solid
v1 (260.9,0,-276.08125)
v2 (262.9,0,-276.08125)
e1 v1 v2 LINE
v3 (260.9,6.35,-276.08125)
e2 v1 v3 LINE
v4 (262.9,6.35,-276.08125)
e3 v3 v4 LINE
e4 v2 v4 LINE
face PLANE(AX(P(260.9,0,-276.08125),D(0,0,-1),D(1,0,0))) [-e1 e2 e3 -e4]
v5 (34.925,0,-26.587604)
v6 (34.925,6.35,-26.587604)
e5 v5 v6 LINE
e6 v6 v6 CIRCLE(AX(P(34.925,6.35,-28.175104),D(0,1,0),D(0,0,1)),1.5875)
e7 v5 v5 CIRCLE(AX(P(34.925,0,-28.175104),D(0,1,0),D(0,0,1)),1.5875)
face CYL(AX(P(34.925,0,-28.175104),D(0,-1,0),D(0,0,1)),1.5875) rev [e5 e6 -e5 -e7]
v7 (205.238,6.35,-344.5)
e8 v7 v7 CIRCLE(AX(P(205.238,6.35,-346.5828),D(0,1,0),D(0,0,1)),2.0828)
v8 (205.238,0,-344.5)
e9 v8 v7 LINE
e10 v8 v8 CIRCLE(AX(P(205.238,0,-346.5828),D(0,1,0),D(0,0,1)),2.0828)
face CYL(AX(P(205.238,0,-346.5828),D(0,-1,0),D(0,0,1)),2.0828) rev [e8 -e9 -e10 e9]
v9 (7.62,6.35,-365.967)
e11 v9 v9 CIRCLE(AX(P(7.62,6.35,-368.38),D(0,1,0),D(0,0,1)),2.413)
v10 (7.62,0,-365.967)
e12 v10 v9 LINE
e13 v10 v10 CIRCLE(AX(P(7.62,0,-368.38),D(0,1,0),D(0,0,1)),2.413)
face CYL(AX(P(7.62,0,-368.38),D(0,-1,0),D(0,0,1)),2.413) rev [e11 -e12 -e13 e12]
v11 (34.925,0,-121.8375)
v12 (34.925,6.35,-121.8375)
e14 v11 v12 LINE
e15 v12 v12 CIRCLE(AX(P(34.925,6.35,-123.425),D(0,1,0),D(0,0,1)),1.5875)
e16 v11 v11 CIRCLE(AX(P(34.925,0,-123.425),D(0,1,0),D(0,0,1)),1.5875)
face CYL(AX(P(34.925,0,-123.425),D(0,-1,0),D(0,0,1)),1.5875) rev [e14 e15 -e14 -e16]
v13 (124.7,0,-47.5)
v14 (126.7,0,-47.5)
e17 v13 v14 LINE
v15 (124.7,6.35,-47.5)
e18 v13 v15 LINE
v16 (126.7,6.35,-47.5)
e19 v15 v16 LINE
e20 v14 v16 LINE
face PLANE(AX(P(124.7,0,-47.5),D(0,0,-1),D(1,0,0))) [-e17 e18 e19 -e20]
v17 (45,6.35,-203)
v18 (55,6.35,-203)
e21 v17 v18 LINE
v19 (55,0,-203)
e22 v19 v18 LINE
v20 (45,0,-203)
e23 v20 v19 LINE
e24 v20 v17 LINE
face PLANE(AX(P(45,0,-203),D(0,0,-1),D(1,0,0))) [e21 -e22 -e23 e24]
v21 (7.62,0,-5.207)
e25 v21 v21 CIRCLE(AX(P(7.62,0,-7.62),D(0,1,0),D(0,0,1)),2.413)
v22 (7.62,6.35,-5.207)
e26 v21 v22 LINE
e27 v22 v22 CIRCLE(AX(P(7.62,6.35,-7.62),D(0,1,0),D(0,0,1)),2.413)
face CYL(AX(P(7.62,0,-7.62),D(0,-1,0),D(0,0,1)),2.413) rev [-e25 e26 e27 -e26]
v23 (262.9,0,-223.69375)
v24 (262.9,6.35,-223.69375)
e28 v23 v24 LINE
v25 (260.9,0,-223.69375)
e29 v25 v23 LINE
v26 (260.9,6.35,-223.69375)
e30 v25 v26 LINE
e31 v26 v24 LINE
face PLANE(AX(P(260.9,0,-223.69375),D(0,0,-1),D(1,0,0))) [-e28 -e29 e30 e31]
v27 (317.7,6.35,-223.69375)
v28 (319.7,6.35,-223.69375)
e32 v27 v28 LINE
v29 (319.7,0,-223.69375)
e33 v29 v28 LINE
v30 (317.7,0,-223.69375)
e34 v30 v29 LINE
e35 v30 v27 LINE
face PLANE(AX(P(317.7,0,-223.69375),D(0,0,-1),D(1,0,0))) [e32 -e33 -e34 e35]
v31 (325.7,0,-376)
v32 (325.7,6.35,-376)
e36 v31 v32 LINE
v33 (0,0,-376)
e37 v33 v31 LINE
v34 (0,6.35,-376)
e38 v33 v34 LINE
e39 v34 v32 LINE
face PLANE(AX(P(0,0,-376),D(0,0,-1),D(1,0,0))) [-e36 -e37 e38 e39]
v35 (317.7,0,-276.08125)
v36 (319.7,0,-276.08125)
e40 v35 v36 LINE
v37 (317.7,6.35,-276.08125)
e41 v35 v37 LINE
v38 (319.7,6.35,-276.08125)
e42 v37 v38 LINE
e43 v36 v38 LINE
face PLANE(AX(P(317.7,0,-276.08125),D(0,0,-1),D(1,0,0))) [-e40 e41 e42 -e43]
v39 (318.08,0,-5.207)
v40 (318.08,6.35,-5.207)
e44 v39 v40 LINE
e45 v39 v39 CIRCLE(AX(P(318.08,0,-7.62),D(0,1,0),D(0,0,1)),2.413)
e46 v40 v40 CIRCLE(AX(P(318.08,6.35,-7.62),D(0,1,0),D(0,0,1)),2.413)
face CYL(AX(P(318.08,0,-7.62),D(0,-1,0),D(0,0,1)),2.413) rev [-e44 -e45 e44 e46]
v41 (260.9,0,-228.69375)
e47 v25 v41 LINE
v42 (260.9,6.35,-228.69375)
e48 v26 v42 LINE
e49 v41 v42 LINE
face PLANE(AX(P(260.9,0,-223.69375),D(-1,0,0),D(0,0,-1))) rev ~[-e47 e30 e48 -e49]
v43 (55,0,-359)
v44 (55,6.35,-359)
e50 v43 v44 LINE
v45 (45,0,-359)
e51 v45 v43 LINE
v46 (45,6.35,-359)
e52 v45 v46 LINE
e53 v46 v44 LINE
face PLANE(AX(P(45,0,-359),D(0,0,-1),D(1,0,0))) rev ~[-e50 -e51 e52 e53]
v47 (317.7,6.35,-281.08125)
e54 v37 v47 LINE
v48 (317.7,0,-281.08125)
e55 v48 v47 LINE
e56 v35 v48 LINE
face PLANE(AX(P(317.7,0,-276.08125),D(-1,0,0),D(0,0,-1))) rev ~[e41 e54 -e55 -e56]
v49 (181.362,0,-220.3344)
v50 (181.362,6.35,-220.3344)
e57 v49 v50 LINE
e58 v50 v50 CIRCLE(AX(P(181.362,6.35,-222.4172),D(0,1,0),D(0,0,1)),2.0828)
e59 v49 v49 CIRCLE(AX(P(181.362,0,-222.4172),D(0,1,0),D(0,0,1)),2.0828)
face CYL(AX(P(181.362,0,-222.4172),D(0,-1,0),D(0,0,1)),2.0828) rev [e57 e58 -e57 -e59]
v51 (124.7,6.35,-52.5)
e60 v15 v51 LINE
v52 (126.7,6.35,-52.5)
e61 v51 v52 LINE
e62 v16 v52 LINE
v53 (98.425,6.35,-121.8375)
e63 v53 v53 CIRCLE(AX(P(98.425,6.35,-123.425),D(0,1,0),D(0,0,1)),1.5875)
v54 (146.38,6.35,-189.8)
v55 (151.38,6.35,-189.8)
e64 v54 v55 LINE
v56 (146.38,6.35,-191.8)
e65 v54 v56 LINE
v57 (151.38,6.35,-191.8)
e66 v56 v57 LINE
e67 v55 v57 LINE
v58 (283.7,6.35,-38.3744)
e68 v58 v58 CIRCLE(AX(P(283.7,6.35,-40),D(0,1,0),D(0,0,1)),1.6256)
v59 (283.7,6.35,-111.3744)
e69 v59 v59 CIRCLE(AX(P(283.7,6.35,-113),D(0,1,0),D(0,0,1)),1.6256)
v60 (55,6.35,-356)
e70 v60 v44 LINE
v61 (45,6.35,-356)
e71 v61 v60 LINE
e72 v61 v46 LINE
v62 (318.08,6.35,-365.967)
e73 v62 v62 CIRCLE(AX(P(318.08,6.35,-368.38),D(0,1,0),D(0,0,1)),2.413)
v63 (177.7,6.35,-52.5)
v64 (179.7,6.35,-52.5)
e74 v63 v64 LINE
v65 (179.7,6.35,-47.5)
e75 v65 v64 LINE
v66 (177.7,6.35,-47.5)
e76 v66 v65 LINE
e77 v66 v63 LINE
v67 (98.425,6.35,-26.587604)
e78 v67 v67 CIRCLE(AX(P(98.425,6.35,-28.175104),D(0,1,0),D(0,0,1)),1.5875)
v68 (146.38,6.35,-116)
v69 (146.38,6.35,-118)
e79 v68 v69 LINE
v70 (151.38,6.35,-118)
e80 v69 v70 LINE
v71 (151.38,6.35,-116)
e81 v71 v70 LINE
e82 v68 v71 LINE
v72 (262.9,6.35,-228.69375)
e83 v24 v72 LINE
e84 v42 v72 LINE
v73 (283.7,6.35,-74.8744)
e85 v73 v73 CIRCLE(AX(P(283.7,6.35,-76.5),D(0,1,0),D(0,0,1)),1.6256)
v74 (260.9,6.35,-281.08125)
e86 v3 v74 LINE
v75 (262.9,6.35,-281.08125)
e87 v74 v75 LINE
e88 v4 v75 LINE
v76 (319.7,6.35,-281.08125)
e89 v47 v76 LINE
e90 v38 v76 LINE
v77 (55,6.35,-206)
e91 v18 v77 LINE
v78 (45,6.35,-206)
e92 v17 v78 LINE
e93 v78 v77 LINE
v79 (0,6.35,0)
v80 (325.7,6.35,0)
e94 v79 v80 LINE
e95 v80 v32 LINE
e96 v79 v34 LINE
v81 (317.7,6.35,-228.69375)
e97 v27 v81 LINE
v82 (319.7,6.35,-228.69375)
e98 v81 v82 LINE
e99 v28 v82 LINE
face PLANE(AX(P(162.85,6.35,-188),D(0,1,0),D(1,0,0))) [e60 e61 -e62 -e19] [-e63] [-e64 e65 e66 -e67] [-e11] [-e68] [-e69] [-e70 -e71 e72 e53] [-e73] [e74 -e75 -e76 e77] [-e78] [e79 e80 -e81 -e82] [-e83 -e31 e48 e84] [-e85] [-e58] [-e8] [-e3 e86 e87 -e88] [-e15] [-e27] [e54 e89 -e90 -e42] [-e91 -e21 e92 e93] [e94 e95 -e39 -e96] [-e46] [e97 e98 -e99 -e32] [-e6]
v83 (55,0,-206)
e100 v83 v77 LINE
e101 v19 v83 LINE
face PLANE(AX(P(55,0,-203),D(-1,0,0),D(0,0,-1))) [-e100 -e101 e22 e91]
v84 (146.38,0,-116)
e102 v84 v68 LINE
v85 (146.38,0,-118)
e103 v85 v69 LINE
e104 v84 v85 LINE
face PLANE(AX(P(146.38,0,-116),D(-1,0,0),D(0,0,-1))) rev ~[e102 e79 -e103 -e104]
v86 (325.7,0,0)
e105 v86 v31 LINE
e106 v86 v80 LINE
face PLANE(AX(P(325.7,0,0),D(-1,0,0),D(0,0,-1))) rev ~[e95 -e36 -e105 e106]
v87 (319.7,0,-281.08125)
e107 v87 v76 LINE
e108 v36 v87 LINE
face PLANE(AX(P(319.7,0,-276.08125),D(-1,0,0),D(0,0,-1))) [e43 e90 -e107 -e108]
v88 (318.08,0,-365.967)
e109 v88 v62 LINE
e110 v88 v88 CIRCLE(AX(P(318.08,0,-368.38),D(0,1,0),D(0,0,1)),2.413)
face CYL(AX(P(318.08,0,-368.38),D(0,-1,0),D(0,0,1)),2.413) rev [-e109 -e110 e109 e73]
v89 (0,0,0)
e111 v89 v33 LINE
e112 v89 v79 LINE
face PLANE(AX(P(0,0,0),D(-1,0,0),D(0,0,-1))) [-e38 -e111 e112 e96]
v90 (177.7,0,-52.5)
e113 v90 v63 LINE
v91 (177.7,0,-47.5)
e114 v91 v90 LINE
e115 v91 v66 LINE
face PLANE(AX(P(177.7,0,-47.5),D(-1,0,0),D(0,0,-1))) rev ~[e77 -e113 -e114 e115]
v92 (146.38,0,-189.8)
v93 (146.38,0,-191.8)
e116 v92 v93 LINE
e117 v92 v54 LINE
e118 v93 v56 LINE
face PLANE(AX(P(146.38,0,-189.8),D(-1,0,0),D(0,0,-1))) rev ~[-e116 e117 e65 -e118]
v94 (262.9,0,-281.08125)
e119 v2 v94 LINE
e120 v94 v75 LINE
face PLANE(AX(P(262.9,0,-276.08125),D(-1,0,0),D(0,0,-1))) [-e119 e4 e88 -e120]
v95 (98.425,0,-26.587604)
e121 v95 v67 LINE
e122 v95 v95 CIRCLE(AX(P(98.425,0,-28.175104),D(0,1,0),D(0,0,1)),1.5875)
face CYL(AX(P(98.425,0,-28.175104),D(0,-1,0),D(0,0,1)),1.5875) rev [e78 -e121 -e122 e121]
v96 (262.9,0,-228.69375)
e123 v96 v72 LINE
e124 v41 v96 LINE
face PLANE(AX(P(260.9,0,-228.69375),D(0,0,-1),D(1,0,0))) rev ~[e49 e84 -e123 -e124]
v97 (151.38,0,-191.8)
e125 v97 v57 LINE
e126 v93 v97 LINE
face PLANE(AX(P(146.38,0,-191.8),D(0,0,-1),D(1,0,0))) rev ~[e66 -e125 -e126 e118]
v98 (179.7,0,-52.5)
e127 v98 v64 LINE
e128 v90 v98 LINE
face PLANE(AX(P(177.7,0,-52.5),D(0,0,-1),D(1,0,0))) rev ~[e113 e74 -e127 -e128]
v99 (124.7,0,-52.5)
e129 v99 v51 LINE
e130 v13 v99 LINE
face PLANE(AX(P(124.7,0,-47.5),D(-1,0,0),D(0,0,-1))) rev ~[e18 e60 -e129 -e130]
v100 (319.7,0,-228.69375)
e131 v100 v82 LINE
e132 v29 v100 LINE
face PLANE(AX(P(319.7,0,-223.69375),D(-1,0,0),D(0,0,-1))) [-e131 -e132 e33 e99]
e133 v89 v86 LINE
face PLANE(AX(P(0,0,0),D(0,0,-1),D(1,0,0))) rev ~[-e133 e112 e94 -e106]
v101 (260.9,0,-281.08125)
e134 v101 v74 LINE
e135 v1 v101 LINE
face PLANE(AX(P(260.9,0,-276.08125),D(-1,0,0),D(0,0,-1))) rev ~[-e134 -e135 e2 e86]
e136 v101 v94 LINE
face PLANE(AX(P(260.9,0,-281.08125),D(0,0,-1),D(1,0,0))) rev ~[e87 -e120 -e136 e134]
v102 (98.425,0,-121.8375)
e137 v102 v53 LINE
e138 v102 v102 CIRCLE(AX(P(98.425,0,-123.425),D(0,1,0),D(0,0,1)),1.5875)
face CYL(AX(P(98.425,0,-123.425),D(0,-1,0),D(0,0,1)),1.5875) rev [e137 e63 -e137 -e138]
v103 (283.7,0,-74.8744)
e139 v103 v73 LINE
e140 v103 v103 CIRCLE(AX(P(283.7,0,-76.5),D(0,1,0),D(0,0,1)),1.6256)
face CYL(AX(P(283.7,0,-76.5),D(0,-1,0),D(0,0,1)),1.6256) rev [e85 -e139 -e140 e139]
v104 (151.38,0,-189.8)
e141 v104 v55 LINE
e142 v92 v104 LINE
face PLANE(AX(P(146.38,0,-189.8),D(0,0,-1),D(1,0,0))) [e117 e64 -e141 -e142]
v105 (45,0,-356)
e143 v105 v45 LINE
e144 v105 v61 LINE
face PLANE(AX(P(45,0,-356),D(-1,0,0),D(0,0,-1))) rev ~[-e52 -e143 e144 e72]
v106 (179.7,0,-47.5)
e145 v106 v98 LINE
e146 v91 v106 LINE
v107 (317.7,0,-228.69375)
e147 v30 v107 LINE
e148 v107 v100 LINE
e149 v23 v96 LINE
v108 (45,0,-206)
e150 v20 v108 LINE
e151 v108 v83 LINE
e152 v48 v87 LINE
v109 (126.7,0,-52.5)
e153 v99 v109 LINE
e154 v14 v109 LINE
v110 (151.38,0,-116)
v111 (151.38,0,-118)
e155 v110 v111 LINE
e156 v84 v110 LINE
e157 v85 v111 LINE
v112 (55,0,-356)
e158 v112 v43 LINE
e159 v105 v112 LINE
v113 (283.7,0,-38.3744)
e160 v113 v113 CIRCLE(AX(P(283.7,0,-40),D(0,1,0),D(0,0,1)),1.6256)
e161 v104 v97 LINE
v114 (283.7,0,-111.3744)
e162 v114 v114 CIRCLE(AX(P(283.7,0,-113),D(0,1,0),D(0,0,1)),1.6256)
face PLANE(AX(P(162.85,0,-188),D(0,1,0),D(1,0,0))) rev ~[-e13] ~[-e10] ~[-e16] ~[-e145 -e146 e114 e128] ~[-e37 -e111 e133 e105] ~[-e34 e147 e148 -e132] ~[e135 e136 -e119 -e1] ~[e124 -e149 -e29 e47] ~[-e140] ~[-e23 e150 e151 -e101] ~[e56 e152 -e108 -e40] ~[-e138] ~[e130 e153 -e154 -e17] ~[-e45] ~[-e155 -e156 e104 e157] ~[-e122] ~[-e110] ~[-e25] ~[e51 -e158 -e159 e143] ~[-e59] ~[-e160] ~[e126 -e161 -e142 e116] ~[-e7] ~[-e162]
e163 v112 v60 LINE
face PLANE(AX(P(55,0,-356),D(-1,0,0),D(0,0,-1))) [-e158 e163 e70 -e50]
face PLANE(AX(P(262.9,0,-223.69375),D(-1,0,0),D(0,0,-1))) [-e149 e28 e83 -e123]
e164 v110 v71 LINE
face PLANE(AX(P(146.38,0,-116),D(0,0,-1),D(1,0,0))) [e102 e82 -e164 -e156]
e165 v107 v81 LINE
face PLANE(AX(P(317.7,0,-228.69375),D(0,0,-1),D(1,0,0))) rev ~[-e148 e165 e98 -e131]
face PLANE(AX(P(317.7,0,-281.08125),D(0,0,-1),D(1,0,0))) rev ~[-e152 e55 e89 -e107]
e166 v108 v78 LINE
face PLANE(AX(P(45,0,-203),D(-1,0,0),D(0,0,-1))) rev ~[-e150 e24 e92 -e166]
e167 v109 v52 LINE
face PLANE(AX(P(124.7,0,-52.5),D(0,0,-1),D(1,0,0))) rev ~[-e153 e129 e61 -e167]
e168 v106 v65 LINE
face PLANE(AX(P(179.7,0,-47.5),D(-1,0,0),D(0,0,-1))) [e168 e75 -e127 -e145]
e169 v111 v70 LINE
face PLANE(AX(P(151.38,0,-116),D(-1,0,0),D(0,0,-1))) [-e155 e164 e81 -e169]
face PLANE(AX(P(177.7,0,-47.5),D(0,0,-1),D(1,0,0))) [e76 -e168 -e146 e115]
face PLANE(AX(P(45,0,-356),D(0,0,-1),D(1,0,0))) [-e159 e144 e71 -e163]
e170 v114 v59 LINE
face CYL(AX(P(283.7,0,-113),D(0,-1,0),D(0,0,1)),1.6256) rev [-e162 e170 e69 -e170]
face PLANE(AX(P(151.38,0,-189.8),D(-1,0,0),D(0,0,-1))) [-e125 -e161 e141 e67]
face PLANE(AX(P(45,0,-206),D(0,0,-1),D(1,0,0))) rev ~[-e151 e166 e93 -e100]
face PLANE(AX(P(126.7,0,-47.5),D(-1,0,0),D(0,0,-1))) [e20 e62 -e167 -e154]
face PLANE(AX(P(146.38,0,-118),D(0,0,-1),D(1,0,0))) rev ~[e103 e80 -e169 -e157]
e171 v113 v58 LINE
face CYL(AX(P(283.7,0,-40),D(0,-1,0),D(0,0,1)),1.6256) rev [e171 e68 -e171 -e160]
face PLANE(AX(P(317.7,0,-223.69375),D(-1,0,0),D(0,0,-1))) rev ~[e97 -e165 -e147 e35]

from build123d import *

# Parameters (mm, degrees)
SKETCH1_W      = 325.7
SKETCH1_H      = 376
SKETCH1_R      = 2.413
SKETCH1_R_2    = 2.0828
SKETCH1_R_3    = 1.5875
SKETCH1_R_4    = 1.6256
SKETCH1_W_2    = 10
SKETCH1_H_2    = 3
SKETCH1_W_3    = 5
SKETCH1_H_3    = 2
SKETCH1_W_4    = 2
SKETCH1_H_4    = 5
EXTRUDE1_DEPTH = 6.35


with BuildPart() as part:
    # Sketch1 → Extrude1 (new body)
    with BuildSketch(Plane(origin=(0, 0, 0), x_dir=(1, 0, 0), z_dir=(0, 1, 0))):
        with Locations((162.85, 188)):
            Rectangle(SKETCH1_W, SKETCH1_H)
        with Locations(Location((7.62, 368.38, 0), (0, 0, 270))):
            Circle(SKETCH1_R, mode=Mode.SUBTRACT)
        with Locations(Location((205.238, 346.5828, 0), (0, 0, 270))):
            Circle(SKETCH1_R_2, mode=Mode.SUBTRACT)
        with Locations(Location((181.362, 222.4172, 0), (0, 0, 270))):
            Circle(SKETCH1_R_2, mode=Mode.SUBTRACT)
        with Locations(Location((318.08, 368.38, 0), (0, 0, 270))):
            Circle(SKETCH1_R, mode=Mode.SUBTRACT)
        with Locations(Location((7.62, 7.62, 0), (0, 0, 270))):
            Circle(SKETCH1_R, mode=Mode.SUBTRACT)
        with Locations(Location((318.08, 7.62, 0), (0, 0, 270))):
            Circle(SKETCH1_R, mode=Mode.SUBTRACT)
        with Locations(Location((34.925, 123.425, 0), (0, 0, 270))):
            Circle(SKETCH1_R_3, mode=Mode.SUBTRACT)
        with Locations(Location((98.425, 123.425, 0), (0, 0, 270))):
            Circle(SKETCH1_R_3, mode=Mode.SUBTRACT)
        with Locations(Location((34.925, 28.175104068, 0), (0, 0, 270))):
            Circle(SKETCH1_R_3, mode=Mode.SUBTRACT)
        with Locations(Location((98.425, 28.175104068, 0), (0, 0, 270))):
            Circle(SKETCH1_R_3, mode=Mode.SUBTRACT)
        with Locations(Location((283.7, 113, 0), (0, 0, 270))):
            Circle(SKETCH1_R_4, mode=Mode.SUBTRACT)
        with Locations(Location((283.7, 40, 0), (0, 0, 270))):
            Circle(SKETCH1_R_4, mode=Mode.SUBTRACT)
        with Locations(Location((283.7, 76.5, 0), (0, 0, 270))):
            Circle(SKETCH1_R_4, mode=Mode.SUBTRACT)
        with Locations((50, 204.5)):
            Rectangle(SKETCH1_W_2, SKETCH1_H_2, mode=Mode.SUBTRACT)
        with Locations((50, 357.5)):
            Rectangle(SKETCH1_W_2, SKETCH1_H_2, mode=Mode.SUBTRACT)
        with Locations((148.88, 190.8)):
            Rectangle(SKETCH1_W_3, SKETCH1_H_3, mode=Mode.SUBTRACT)
        with Locations((148.88, 117)):
            Rectangle(SKETCH1_W_3, SKETCH1_H_3, mode=Mode.SUBTRACT)
        with Locations((125.7, 50)):
            Rectangle(SKETCH1_W_4, SKETCH1_H_4, mode=Mode.SUBTRACT)
        with Locations((178.7, 50)):
            Rectangle(SKETCH1_W_4, SKETCH1_H_4, mode=Mode.SUBTRACT)
        with Locations((318.7, 226.19375)):
            Rectangle(SKETCH1_W_4, SKETCH1_H_4, mode=Mode.SUBTRACT)
        with Locations((261.9, 226.19375)):
            Rectangle(SKETCH1_W_4, SKETCH1_H_4, mode=Mode.SUBTRACT)
        with Locations((318.7, 278.58125)):
            Rectangle(SKETCH1_W_4, SKETCH1_H_4, mode=Mode.SUBTRACT)
        with Locations((261.9, 278.58125)):
            Rectangle(SKETCH1_W_4, SKETCH1_H_4, mode=Mode.SUBTRACT)
    extrude(amount=EXTRUDE1_DEPTH)


solid = part.part
